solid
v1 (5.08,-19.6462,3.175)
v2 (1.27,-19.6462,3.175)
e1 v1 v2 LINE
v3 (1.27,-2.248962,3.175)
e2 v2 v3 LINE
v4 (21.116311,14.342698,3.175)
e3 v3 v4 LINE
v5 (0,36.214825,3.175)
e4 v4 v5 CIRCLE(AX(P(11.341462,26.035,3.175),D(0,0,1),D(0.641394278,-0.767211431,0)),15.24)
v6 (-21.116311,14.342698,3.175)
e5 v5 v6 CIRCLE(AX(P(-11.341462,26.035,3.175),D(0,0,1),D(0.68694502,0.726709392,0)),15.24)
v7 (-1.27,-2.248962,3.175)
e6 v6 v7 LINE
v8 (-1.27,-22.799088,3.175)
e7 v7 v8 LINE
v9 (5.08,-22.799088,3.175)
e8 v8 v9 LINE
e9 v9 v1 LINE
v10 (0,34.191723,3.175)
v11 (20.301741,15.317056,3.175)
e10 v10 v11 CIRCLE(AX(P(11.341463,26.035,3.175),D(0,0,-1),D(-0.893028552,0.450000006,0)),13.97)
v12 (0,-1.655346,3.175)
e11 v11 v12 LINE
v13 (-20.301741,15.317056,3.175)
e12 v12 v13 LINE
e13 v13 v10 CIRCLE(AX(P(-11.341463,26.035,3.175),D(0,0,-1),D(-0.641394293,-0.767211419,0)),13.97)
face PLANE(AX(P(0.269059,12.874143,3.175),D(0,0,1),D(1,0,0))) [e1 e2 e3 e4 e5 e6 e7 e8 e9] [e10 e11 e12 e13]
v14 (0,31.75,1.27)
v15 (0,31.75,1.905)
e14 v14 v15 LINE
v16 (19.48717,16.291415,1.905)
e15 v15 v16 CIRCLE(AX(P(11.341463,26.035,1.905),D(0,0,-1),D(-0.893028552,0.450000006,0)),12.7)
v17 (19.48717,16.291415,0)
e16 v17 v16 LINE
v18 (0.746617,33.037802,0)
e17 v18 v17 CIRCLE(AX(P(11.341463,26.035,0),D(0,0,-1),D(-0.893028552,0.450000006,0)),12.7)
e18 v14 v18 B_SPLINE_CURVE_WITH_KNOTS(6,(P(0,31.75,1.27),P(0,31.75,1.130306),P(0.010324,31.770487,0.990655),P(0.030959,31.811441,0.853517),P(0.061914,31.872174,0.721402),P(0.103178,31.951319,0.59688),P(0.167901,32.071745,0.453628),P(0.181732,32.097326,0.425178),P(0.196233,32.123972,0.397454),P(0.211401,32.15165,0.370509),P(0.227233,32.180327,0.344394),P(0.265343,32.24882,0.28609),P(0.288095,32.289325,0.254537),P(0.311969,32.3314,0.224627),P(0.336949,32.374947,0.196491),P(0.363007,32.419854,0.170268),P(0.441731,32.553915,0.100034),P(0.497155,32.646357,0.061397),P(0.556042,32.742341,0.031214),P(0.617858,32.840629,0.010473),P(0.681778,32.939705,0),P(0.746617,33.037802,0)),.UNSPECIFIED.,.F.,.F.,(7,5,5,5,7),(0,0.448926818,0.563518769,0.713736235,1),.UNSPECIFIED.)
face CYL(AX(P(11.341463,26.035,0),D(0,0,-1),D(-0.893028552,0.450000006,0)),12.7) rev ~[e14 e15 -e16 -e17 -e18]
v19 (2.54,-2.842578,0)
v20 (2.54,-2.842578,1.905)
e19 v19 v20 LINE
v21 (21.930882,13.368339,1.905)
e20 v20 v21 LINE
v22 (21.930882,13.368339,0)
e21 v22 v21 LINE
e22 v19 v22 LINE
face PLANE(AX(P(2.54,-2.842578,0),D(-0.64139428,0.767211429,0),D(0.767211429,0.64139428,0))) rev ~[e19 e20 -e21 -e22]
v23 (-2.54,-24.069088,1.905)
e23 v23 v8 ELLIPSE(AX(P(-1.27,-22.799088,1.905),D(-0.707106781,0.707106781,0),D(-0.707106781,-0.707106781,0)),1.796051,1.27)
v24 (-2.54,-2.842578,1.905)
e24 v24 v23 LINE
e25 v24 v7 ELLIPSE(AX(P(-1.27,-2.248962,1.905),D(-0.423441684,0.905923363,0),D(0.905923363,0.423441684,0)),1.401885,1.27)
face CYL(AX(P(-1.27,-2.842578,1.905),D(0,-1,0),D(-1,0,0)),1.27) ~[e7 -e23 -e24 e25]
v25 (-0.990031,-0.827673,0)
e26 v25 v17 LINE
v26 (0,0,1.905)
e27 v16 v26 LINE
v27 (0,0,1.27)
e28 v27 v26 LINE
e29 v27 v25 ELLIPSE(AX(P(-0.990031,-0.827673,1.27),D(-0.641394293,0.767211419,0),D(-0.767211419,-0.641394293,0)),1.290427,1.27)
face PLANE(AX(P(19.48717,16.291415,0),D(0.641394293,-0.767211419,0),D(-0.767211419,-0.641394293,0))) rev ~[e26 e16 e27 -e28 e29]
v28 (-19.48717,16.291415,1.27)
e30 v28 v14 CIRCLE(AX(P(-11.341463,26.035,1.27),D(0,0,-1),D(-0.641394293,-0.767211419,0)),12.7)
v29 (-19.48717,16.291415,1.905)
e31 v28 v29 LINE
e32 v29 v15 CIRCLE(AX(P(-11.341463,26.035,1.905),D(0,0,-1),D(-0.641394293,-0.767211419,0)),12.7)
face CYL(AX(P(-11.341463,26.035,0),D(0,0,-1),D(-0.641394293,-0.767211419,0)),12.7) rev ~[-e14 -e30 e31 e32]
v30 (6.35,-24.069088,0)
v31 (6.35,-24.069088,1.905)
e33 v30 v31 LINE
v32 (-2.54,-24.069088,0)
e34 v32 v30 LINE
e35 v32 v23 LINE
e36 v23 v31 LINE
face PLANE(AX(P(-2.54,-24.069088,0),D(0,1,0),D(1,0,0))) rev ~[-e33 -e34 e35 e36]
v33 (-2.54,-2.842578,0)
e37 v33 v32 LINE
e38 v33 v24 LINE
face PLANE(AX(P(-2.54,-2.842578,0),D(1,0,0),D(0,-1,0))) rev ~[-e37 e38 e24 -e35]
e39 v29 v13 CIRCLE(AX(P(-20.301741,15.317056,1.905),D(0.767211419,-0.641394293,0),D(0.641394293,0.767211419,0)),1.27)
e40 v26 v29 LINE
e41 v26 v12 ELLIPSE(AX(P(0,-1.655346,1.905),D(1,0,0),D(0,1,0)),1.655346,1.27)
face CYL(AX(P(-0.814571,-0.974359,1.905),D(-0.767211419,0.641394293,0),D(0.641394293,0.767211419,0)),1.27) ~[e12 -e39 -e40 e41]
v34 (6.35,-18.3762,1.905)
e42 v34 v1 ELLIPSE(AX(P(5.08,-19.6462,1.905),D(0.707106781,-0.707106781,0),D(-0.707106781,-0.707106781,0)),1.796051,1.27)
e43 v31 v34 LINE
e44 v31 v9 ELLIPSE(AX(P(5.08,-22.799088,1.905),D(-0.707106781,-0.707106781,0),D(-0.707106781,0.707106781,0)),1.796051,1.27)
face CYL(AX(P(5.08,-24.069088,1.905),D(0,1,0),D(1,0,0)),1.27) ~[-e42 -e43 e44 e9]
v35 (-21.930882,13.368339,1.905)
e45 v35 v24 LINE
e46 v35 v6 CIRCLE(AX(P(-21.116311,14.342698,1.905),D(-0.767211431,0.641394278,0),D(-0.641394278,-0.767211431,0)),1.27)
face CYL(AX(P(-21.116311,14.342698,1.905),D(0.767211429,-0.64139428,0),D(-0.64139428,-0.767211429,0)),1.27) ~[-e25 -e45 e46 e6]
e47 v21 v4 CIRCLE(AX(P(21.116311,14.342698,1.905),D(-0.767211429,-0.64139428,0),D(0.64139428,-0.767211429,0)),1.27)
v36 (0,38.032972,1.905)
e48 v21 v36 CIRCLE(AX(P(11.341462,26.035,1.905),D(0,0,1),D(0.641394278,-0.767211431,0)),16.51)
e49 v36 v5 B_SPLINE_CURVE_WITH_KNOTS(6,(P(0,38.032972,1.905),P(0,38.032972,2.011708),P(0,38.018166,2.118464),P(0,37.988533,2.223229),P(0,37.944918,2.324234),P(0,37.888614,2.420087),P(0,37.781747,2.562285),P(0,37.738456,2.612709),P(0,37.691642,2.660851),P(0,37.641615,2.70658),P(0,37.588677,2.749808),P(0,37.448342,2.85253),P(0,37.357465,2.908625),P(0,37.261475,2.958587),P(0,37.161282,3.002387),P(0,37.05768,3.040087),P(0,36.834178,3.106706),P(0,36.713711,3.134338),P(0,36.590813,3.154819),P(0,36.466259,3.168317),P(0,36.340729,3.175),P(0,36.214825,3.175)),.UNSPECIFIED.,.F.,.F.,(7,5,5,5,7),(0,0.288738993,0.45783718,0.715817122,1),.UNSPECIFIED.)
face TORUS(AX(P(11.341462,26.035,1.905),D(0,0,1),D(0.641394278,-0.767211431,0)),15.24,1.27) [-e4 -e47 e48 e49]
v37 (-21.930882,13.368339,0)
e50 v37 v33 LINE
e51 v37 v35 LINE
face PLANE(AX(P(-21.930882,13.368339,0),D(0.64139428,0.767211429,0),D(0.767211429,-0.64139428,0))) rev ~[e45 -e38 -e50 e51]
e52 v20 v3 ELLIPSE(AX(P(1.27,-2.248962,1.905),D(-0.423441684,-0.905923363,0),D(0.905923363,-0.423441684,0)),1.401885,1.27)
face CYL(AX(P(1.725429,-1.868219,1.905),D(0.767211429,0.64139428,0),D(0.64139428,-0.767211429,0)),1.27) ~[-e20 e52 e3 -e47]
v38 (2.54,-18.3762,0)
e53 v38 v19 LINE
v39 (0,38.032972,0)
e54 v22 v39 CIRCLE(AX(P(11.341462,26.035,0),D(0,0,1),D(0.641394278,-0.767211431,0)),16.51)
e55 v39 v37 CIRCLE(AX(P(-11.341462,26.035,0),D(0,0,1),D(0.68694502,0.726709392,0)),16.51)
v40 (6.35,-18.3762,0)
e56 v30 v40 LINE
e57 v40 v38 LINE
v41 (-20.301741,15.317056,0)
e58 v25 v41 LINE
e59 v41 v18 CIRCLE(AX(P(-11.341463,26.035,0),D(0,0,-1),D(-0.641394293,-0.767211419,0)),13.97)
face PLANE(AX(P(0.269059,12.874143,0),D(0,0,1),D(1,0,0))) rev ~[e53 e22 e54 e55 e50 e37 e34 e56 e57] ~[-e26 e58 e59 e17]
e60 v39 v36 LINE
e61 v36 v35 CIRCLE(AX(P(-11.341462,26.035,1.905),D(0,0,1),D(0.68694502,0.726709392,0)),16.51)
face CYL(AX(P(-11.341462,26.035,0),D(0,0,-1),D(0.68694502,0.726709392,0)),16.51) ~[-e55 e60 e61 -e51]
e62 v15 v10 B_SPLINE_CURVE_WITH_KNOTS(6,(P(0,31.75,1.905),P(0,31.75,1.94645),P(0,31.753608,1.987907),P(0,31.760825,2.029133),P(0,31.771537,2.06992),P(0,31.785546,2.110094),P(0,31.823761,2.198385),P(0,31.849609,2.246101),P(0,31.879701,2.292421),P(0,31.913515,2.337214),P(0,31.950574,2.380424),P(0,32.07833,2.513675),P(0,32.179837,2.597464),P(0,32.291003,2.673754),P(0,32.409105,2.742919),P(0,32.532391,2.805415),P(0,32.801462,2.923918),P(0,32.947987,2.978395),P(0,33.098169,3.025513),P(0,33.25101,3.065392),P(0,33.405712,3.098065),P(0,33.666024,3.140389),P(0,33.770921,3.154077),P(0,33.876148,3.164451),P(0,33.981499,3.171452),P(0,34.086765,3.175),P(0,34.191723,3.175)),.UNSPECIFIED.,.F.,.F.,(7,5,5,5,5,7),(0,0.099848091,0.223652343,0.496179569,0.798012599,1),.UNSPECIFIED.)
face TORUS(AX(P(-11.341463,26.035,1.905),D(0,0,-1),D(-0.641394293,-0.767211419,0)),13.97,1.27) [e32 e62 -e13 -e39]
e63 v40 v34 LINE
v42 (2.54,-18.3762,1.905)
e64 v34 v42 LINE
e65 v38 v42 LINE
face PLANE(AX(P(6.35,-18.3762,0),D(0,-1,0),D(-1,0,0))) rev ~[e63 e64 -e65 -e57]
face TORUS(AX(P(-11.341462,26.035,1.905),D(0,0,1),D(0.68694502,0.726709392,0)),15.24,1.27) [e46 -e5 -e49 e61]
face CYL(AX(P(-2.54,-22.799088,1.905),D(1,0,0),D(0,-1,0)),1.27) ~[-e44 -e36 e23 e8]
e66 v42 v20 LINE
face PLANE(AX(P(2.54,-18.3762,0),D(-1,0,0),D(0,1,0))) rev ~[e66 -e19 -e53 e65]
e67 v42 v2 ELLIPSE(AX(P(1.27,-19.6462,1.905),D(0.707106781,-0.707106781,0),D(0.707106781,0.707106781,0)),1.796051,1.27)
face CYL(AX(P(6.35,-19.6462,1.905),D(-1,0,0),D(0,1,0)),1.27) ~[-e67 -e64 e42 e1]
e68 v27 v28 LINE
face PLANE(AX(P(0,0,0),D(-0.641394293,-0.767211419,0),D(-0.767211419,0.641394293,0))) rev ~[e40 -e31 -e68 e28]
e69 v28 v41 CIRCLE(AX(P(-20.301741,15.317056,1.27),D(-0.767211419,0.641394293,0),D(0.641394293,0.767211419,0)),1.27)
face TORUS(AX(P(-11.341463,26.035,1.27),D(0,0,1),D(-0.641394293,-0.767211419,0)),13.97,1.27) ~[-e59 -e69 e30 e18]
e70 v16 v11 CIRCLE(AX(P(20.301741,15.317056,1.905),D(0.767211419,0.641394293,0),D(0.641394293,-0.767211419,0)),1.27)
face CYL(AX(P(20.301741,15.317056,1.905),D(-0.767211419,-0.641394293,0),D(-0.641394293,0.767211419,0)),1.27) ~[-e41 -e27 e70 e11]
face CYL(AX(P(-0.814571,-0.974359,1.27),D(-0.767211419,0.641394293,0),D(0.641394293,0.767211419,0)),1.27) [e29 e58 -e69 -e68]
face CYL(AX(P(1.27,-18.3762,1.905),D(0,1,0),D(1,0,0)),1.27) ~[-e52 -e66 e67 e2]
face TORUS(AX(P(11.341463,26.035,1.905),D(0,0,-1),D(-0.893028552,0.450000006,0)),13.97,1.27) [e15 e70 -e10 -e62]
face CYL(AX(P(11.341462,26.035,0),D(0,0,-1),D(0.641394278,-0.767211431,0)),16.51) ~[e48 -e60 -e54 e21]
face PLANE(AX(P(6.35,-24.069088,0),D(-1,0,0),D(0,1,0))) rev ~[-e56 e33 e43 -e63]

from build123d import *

# Parameters (mm, degrees)
F1_DEPTH = 3.175
F2_R     = 1.27


with BuildPart() as f1:
    # F0 (on Top) → F1 (new body)
    with BuildSketch(Plane.XY):
        with BuildLine():
            Line((-21.930882, 13.368339), (-2.54, -2.842578))
            Line((-2.54, -2.842578), (-2.54, -18.3762))
            Line((-2.54, -18.3762), (-2.54, -24.069088))
            Line((-2.54, -24.069088), (2.54, -24.069088))
            Line((2.54, -24.069088), (6.35, -24.069088))
            Line((6.35, -24.069088), (6.35, -18.3762))
            Line((6.35, -18.3762), (2.54, -18.3762))
            Line((2.54, -18.3762), (2.54, -2.842578))
            Line((2.54, -2.842578), (21.930882, 13.368339))
            ThreePointArc((21.930882, 13.368339), (23.67951, 37.005537), (0, 38.032972))
            ThreePointArc((0, 38.032972), (-23.67951, 37.005537), (-21.930882, 13.368339))
        make_face()
        with BuildLine():
            Line((19.48717, 16.291415), (0, 0))
            Line((0, 0), (-19.48717, 16.291415))
            ThreePointArc((-19.48717, 16.291415), (-19.234192, 35.984614), (0, 31.75))
            ThreePointArc((0, 31.75), (19.234192, 35.984614), (19.48717, 16.291415))
        make_face(mode=Mode.SUBTRACT)
    extrude(amount=F1_DEPTH)

    # F2
    f2_edges = [f1.edges().sort_by_distance(p)[0] for p in [
        (-12.235441, 5.262881, 3.175),
        (-23.67951, 37.005537, 3.175),
        (23.67951, 37.005537, 3.175),
        (12.235441, 5.262881, 3.175),
        (-2.54, -13.455833, 3.175),
        (2.54, -10.609389, 3.175),
        (-9.743585, 8.145707, 0),
        (-19.234192, 35.984614, 3.175),
        (19.234192, 35.984614, 3.175),
        (4.445, -18.3762, 3.175),
        (6.35, -21.222644, 3.175),
        (1.905, -24.069088, 3.175),
    ]]
    fillet(f2_edges, radius=F2_R)


solid = f1.part
